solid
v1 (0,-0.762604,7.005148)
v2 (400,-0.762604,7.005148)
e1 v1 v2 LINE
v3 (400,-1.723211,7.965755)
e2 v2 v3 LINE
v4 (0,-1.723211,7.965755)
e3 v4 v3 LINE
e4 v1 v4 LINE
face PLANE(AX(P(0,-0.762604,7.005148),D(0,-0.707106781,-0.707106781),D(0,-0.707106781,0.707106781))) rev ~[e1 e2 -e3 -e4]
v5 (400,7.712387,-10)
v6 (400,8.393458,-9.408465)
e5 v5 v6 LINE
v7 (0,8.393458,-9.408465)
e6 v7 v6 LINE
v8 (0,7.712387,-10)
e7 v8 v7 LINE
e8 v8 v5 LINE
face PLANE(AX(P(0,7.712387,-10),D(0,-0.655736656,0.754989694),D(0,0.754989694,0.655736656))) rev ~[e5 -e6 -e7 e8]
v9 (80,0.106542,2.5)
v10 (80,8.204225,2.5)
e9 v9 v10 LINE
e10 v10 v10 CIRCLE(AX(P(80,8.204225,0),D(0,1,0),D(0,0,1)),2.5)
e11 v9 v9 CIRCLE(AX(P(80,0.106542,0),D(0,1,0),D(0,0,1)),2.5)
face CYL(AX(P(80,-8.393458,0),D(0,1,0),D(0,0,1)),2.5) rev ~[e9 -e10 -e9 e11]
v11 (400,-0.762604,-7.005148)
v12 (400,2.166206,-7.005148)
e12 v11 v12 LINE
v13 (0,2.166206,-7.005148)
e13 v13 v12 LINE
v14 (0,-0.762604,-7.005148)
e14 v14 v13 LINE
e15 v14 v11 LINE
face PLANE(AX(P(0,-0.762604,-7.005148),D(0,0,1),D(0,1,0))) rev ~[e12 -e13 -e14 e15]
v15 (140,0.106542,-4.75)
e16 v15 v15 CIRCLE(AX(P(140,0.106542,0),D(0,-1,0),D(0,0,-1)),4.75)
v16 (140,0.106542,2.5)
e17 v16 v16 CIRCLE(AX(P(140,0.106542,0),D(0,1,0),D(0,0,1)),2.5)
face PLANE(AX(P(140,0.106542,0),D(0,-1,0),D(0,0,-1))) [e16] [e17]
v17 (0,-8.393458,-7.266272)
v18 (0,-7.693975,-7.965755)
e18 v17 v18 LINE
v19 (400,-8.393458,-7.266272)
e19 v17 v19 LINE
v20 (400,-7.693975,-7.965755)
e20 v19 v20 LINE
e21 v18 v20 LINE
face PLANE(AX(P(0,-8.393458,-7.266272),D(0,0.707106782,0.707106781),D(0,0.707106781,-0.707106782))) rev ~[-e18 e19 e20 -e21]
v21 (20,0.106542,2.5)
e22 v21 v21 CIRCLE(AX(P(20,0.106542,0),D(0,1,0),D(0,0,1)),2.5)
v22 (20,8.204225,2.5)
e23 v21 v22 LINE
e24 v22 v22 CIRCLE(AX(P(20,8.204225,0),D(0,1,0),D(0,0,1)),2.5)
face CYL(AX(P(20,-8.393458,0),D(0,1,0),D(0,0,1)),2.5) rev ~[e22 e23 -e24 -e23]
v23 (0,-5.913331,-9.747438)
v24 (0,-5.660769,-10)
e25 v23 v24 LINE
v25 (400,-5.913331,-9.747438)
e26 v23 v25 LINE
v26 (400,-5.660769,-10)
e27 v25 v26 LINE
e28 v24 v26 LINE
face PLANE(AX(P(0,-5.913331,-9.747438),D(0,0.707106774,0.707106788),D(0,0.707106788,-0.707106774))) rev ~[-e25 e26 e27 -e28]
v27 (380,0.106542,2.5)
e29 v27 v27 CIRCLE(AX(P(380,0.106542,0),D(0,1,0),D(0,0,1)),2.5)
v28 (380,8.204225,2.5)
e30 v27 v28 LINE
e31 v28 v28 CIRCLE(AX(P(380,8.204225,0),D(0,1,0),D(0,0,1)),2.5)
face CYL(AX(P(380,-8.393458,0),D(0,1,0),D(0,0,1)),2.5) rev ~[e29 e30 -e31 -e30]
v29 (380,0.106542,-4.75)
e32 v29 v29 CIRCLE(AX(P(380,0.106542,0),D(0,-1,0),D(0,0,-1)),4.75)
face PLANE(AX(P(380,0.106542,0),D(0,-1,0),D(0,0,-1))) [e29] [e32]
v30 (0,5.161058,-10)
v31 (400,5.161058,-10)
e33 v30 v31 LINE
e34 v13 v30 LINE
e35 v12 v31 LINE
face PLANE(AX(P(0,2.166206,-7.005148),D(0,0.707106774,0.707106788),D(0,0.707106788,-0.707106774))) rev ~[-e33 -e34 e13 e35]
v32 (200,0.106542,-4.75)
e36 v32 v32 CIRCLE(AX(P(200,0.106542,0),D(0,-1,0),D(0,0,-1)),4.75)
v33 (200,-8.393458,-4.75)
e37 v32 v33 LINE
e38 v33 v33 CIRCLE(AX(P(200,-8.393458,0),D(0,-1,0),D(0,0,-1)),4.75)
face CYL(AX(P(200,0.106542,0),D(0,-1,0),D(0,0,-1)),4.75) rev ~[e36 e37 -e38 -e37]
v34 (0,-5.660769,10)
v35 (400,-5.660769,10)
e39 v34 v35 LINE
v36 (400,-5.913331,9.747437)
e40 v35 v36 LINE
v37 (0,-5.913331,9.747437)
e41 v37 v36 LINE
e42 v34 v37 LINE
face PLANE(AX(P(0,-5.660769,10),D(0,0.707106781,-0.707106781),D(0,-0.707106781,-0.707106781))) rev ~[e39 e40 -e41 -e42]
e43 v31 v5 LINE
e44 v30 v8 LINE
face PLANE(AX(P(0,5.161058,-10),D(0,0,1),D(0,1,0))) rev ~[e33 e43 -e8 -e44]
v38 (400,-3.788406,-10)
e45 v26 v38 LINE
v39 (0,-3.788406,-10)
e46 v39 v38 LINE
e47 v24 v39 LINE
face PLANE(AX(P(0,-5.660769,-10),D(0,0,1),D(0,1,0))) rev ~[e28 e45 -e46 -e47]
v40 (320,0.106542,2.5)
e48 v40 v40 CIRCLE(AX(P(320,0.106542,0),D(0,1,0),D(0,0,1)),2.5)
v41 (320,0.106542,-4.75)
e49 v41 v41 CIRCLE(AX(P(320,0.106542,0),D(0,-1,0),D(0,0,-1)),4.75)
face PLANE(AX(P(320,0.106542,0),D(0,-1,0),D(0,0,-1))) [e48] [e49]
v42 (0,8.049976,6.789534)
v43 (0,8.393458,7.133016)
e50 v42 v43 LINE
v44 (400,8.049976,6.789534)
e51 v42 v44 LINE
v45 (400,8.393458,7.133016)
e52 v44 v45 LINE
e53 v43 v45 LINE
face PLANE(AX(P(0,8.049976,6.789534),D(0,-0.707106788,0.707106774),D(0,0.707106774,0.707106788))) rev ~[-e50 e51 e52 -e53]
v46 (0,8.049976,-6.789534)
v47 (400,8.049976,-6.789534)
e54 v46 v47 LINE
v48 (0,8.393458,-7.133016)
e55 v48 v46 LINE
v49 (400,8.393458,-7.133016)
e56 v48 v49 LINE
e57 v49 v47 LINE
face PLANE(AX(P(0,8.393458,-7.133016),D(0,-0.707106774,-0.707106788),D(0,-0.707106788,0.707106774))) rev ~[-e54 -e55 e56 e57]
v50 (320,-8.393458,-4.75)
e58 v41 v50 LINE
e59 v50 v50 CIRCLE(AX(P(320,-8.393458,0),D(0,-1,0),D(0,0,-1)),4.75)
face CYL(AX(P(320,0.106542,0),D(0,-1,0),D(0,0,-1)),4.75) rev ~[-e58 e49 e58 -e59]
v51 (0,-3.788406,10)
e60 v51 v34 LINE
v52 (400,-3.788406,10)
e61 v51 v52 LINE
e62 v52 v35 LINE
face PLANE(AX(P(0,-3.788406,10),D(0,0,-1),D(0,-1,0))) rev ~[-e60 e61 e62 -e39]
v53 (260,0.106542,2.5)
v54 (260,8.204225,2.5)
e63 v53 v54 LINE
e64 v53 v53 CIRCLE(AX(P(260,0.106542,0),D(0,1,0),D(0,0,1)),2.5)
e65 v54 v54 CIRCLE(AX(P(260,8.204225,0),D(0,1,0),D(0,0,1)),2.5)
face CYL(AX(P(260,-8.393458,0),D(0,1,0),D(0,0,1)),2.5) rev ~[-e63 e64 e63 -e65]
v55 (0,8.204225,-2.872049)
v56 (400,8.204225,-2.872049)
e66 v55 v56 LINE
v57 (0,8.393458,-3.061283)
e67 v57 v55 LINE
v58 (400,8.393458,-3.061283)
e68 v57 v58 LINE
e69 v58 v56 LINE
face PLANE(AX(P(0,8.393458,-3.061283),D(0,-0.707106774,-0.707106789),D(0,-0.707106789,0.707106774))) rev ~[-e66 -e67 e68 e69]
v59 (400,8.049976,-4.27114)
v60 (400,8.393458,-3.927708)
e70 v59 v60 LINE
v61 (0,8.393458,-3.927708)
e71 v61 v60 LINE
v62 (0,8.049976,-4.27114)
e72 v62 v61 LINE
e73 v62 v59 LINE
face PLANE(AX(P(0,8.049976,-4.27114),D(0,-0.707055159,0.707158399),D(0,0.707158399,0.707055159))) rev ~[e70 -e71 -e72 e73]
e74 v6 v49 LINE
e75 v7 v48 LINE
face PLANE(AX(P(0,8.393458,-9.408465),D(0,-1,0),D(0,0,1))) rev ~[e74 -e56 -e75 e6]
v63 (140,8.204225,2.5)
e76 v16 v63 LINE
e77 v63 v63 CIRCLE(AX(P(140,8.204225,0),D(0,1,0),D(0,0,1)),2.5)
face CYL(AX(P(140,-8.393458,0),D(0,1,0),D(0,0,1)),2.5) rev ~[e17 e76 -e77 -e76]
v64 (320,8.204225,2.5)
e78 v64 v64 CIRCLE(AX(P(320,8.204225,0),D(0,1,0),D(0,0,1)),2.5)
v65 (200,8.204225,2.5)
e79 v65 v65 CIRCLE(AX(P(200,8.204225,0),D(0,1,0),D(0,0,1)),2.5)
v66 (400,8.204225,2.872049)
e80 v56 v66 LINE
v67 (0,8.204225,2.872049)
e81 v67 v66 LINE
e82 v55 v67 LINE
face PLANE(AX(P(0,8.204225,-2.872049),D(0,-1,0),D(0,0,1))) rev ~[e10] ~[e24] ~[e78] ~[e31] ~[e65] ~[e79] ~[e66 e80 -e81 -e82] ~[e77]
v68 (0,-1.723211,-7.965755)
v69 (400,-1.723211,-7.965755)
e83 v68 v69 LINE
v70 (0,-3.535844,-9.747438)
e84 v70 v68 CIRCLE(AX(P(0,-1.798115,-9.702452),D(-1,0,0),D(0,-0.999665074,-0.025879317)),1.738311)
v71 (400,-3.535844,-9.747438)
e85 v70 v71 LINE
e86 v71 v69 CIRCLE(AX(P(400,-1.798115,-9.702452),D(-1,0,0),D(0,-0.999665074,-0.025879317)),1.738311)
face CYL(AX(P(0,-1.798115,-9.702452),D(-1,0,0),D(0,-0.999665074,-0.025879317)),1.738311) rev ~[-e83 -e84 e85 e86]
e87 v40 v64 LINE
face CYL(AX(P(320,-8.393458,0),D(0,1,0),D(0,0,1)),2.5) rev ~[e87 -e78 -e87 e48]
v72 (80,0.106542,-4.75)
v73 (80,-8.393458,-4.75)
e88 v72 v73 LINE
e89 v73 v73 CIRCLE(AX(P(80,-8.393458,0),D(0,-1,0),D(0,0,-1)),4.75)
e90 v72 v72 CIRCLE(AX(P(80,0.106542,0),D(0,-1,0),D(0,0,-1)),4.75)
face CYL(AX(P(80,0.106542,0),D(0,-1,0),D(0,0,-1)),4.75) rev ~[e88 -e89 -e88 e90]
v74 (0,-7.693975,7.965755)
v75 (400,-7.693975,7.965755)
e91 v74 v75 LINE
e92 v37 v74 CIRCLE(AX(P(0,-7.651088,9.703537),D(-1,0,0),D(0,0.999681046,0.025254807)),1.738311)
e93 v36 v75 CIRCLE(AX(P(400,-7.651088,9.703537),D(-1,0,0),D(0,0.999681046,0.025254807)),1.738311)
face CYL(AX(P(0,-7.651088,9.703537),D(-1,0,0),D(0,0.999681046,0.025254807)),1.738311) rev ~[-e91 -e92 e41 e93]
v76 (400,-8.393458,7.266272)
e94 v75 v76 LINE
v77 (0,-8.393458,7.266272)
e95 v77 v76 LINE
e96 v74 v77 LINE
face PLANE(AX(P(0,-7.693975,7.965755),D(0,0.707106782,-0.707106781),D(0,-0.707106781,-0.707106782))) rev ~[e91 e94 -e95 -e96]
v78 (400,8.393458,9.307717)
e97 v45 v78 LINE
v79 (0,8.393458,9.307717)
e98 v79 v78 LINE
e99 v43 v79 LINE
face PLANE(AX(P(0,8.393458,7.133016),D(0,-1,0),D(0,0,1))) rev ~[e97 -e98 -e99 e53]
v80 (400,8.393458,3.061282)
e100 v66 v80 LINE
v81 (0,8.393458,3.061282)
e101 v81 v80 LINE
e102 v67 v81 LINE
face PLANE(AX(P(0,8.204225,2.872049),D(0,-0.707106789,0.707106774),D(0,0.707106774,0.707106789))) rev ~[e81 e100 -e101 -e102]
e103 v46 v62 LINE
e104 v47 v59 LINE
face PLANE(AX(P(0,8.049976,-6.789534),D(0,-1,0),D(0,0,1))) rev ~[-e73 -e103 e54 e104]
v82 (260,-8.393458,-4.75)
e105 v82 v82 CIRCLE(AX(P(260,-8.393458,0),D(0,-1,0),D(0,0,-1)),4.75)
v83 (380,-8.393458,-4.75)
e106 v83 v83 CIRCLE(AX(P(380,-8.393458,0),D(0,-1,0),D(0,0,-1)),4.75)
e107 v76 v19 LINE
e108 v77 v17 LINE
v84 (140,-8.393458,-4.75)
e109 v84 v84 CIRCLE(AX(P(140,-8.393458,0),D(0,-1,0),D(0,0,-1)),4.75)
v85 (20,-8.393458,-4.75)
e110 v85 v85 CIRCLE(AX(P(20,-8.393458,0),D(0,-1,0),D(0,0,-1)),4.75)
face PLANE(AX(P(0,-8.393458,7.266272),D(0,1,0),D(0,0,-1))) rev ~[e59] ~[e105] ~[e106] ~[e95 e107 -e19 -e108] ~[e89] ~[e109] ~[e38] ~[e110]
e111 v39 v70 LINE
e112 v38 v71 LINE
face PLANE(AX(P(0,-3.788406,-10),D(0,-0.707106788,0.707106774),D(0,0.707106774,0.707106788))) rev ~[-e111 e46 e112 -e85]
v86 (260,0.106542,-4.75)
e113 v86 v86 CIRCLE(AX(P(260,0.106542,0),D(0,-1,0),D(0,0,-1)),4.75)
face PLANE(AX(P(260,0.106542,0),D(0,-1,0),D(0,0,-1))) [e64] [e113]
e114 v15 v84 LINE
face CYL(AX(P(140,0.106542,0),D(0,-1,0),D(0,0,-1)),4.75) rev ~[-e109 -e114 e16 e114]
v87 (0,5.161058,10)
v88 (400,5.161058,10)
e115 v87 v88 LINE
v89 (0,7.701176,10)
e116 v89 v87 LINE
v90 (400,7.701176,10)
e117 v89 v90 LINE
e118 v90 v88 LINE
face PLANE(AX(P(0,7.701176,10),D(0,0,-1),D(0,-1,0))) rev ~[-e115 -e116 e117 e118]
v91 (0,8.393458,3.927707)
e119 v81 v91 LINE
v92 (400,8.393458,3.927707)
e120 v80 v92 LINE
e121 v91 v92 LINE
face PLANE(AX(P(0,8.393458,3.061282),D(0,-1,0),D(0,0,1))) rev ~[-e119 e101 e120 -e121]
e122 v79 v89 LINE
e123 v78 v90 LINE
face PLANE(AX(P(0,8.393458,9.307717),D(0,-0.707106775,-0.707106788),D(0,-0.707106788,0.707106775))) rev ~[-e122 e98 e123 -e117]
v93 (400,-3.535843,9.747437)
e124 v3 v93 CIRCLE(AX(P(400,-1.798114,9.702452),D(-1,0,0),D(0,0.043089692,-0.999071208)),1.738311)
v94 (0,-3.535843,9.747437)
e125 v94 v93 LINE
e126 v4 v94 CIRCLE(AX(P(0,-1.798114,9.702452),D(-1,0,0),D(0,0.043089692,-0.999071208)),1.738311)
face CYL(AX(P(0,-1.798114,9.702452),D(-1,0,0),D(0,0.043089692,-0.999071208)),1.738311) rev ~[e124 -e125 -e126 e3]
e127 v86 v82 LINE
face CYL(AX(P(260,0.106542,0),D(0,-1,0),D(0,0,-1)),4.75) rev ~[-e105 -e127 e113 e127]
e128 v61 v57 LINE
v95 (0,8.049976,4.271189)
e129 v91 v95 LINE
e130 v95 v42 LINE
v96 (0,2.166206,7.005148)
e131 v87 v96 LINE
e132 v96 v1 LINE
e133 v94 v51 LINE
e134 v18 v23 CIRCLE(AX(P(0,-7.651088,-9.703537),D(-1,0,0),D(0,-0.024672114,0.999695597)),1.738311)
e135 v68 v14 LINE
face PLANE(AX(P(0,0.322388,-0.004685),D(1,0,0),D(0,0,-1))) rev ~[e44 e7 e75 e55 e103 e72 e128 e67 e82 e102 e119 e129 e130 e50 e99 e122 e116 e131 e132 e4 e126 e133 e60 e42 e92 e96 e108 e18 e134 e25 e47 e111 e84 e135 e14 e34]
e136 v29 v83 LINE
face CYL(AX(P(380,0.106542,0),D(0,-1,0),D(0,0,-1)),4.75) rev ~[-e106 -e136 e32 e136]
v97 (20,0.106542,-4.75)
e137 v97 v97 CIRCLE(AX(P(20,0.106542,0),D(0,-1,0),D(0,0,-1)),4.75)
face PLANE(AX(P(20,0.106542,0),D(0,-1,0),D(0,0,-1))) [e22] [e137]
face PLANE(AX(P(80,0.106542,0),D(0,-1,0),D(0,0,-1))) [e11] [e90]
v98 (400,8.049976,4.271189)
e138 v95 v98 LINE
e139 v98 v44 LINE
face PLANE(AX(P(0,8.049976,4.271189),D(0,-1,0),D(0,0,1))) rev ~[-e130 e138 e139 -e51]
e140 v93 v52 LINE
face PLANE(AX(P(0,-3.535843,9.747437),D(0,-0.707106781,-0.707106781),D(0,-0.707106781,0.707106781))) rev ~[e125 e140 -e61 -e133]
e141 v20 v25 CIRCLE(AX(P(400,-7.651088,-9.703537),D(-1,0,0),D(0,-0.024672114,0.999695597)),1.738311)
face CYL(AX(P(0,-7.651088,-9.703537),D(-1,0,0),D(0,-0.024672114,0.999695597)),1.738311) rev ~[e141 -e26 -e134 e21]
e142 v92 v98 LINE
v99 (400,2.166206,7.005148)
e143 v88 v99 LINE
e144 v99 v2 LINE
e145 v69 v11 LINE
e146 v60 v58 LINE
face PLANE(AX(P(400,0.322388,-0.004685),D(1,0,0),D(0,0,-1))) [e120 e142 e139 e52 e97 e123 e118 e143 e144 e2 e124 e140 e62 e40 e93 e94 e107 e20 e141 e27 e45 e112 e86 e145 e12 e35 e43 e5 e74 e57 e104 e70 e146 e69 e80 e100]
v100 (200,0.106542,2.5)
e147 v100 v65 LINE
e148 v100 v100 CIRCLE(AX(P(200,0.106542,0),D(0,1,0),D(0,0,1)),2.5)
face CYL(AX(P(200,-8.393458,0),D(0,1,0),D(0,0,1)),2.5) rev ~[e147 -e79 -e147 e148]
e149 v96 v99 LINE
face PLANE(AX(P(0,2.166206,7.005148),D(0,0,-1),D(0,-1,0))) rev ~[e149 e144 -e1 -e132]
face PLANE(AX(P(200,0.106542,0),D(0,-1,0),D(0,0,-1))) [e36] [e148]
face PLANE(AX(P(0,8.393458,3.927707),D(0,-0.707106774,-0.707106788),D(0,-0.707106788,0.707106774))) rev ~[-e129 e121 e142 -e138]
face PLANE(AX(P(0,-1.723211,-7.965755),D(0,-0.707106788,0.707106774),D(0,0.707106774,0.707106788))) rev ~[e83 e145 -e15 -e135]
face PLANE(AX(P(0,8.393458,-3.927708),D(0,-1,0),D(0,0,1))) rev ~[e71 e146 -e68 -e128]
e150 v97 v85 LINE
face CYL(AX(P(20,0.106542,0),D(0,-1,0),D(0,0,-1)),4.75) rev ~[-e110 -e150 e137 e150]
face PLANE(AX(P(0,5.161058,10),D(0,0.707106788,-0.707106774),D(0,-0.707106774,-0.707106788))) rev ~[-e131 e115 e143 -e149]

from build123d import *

# Parameters (mm, degrees)
BOSS_EXTRUDE1_DEPTH = 400
HOLE1_D             = 5
HOLE1_CBORE_D       = 9.5
HOLE1_CBORE_DEPTH   = 8.5
LPATTERN1_COUNT     = 7
LPATTERN1_PITCH     = 60


with BuildPart() as part:
    # Sketch1 → Boss-Extrude1 (new body)
    with BuildSketch(Plane(origin=(0, 0, 0), x_dir=(0, 0, -1), z_dir=(1, 0, 0))):
        with BuildLine():
            Line((-7.965754986, -7.693975449), (-7.266272068, -8.393458366))
            Line((-7.266272068, -8.393458366), (7.266272068, -8.393458366))
            Line((7.266272068, -8.393458366), (7.965754986, -7.693975449))
            ThreePointArc((7.965754986, -7.693975449), (8.474723757, -6.421557866), (9.747437917, -5.913331162))
            Line((9.747437917, -5.913331162), (10.000000437, -5.660768637))
            Line((10.000000437, -5.660768637), (10.000000437, -3.788406023))
            Line((10.000000437, -3.788406023), (9.747437912, -3.535843503))
            ThreePointArc((9.747437912, -3.535843503), (8.462742055, -3.016656911), (7.965755402, -1.72321096))
            Line((7.965755402, -1.72321096), (7.005148341, -0.762603918))
            Line((7.005148341, -0.762603918), (7.005148341, 2.166206023))
            Line((7.005148341, 2.166206023), (10.000000347, 5.161058089))
            Line((10.000000347, 5.161058089), (10.000000347, 7.712387211))
            Line((10.000000347, 7.712387211), (9.408464779, 8.393458268))
            Line((9.408464779, 8.393458268), (7.133016457, 8.393458268))
            Line((7.133016457, 8.393458268), (6.789534443, 8.049976247))
            Line((6.789534443, 8.049976247), (4.271139656, 8.049976247))
            Line((4.271139656, 8.049976247), (3.927707784, 8.393458265))
            Line((3.927707784, 8.393458265), (3.061282509, 8.393458265))
            Line((3.061282509, 8.393458265), (2.872049327, 8.204225079))
            Line((2.872049327, 8.204225079), (-2.87204886, 8.204225079))
            Line((-2.87204886, 8.204225079), (-3.061282046, 8.393458261))
            Line((-3.061282046, 8.393458261), (-3.927707321, 8.393458261))
            Line((-3.927707321, 8.393458261), (-4.271189216, 8.049976359))
            Line((-4.271189216, 8.049976359), (-6.789534095, 8.049976359))
            Line((-6.789534095, 8.049976359), (-7.133016116, 8.393458373))
            Line((-7.133016116, 8.393458373), (-9.30771733, 8.393458373))
            Line((-9.30771733, 8.393458373), (-10, 7.70117569))
            Line((-10, 7.70117569), (-10, 5.161058187))
            Line((-10, 5.161058187), (-7.005147934, 2.166206181))
            Line((-7.005147934, 2.166206181), (-7.005147934, -0.76260376))
            Line((-7.005147934, -0.76260376), (-7.965754986, -1.723210812))
            ThreePointArc((-7.965754986, -1.723210812), (-8.462741848, -3.016656549), (-9.747437477, -3.535843372))
            Line((-9.747437477, -3.535843372), (-10, -3.788405895))
            Line((-10, -3.788405895), (-10, -5.660768509))
            Line((-10, -5.660768509), (-9.747437477, -5.913331032))
            ThreePointArc((-9.747437477, -5.913331032), (-8.474723558, -6.421557943), (-7.965754986, -7.693975449))
        make_face()
    extrude(amount=BOSS_EXTRUDE1_DEPTH)

    # Hole1 (through all)
    with Locations(Plane(origin=(20, -8.393458366, 0), x_dir=(0, 0, -1), z_dir=(0, -1, 0))):
        with Locations((0, 0)):
            hole1 = CounterBoreHole(HOLE1_D / 2, HOLE1_CBORE_D / 2, HOLE1_CBORE_DEPTH)

    # LPattern1: Hole1 ×7
    with Locations(*[(i * LPATTERN1_PITCH, 0, 0) for i in range(1, LPATTERN1_COUNT)]):
        add(hole1, mode=Mode.SUBTRACT)


solid = part.part
